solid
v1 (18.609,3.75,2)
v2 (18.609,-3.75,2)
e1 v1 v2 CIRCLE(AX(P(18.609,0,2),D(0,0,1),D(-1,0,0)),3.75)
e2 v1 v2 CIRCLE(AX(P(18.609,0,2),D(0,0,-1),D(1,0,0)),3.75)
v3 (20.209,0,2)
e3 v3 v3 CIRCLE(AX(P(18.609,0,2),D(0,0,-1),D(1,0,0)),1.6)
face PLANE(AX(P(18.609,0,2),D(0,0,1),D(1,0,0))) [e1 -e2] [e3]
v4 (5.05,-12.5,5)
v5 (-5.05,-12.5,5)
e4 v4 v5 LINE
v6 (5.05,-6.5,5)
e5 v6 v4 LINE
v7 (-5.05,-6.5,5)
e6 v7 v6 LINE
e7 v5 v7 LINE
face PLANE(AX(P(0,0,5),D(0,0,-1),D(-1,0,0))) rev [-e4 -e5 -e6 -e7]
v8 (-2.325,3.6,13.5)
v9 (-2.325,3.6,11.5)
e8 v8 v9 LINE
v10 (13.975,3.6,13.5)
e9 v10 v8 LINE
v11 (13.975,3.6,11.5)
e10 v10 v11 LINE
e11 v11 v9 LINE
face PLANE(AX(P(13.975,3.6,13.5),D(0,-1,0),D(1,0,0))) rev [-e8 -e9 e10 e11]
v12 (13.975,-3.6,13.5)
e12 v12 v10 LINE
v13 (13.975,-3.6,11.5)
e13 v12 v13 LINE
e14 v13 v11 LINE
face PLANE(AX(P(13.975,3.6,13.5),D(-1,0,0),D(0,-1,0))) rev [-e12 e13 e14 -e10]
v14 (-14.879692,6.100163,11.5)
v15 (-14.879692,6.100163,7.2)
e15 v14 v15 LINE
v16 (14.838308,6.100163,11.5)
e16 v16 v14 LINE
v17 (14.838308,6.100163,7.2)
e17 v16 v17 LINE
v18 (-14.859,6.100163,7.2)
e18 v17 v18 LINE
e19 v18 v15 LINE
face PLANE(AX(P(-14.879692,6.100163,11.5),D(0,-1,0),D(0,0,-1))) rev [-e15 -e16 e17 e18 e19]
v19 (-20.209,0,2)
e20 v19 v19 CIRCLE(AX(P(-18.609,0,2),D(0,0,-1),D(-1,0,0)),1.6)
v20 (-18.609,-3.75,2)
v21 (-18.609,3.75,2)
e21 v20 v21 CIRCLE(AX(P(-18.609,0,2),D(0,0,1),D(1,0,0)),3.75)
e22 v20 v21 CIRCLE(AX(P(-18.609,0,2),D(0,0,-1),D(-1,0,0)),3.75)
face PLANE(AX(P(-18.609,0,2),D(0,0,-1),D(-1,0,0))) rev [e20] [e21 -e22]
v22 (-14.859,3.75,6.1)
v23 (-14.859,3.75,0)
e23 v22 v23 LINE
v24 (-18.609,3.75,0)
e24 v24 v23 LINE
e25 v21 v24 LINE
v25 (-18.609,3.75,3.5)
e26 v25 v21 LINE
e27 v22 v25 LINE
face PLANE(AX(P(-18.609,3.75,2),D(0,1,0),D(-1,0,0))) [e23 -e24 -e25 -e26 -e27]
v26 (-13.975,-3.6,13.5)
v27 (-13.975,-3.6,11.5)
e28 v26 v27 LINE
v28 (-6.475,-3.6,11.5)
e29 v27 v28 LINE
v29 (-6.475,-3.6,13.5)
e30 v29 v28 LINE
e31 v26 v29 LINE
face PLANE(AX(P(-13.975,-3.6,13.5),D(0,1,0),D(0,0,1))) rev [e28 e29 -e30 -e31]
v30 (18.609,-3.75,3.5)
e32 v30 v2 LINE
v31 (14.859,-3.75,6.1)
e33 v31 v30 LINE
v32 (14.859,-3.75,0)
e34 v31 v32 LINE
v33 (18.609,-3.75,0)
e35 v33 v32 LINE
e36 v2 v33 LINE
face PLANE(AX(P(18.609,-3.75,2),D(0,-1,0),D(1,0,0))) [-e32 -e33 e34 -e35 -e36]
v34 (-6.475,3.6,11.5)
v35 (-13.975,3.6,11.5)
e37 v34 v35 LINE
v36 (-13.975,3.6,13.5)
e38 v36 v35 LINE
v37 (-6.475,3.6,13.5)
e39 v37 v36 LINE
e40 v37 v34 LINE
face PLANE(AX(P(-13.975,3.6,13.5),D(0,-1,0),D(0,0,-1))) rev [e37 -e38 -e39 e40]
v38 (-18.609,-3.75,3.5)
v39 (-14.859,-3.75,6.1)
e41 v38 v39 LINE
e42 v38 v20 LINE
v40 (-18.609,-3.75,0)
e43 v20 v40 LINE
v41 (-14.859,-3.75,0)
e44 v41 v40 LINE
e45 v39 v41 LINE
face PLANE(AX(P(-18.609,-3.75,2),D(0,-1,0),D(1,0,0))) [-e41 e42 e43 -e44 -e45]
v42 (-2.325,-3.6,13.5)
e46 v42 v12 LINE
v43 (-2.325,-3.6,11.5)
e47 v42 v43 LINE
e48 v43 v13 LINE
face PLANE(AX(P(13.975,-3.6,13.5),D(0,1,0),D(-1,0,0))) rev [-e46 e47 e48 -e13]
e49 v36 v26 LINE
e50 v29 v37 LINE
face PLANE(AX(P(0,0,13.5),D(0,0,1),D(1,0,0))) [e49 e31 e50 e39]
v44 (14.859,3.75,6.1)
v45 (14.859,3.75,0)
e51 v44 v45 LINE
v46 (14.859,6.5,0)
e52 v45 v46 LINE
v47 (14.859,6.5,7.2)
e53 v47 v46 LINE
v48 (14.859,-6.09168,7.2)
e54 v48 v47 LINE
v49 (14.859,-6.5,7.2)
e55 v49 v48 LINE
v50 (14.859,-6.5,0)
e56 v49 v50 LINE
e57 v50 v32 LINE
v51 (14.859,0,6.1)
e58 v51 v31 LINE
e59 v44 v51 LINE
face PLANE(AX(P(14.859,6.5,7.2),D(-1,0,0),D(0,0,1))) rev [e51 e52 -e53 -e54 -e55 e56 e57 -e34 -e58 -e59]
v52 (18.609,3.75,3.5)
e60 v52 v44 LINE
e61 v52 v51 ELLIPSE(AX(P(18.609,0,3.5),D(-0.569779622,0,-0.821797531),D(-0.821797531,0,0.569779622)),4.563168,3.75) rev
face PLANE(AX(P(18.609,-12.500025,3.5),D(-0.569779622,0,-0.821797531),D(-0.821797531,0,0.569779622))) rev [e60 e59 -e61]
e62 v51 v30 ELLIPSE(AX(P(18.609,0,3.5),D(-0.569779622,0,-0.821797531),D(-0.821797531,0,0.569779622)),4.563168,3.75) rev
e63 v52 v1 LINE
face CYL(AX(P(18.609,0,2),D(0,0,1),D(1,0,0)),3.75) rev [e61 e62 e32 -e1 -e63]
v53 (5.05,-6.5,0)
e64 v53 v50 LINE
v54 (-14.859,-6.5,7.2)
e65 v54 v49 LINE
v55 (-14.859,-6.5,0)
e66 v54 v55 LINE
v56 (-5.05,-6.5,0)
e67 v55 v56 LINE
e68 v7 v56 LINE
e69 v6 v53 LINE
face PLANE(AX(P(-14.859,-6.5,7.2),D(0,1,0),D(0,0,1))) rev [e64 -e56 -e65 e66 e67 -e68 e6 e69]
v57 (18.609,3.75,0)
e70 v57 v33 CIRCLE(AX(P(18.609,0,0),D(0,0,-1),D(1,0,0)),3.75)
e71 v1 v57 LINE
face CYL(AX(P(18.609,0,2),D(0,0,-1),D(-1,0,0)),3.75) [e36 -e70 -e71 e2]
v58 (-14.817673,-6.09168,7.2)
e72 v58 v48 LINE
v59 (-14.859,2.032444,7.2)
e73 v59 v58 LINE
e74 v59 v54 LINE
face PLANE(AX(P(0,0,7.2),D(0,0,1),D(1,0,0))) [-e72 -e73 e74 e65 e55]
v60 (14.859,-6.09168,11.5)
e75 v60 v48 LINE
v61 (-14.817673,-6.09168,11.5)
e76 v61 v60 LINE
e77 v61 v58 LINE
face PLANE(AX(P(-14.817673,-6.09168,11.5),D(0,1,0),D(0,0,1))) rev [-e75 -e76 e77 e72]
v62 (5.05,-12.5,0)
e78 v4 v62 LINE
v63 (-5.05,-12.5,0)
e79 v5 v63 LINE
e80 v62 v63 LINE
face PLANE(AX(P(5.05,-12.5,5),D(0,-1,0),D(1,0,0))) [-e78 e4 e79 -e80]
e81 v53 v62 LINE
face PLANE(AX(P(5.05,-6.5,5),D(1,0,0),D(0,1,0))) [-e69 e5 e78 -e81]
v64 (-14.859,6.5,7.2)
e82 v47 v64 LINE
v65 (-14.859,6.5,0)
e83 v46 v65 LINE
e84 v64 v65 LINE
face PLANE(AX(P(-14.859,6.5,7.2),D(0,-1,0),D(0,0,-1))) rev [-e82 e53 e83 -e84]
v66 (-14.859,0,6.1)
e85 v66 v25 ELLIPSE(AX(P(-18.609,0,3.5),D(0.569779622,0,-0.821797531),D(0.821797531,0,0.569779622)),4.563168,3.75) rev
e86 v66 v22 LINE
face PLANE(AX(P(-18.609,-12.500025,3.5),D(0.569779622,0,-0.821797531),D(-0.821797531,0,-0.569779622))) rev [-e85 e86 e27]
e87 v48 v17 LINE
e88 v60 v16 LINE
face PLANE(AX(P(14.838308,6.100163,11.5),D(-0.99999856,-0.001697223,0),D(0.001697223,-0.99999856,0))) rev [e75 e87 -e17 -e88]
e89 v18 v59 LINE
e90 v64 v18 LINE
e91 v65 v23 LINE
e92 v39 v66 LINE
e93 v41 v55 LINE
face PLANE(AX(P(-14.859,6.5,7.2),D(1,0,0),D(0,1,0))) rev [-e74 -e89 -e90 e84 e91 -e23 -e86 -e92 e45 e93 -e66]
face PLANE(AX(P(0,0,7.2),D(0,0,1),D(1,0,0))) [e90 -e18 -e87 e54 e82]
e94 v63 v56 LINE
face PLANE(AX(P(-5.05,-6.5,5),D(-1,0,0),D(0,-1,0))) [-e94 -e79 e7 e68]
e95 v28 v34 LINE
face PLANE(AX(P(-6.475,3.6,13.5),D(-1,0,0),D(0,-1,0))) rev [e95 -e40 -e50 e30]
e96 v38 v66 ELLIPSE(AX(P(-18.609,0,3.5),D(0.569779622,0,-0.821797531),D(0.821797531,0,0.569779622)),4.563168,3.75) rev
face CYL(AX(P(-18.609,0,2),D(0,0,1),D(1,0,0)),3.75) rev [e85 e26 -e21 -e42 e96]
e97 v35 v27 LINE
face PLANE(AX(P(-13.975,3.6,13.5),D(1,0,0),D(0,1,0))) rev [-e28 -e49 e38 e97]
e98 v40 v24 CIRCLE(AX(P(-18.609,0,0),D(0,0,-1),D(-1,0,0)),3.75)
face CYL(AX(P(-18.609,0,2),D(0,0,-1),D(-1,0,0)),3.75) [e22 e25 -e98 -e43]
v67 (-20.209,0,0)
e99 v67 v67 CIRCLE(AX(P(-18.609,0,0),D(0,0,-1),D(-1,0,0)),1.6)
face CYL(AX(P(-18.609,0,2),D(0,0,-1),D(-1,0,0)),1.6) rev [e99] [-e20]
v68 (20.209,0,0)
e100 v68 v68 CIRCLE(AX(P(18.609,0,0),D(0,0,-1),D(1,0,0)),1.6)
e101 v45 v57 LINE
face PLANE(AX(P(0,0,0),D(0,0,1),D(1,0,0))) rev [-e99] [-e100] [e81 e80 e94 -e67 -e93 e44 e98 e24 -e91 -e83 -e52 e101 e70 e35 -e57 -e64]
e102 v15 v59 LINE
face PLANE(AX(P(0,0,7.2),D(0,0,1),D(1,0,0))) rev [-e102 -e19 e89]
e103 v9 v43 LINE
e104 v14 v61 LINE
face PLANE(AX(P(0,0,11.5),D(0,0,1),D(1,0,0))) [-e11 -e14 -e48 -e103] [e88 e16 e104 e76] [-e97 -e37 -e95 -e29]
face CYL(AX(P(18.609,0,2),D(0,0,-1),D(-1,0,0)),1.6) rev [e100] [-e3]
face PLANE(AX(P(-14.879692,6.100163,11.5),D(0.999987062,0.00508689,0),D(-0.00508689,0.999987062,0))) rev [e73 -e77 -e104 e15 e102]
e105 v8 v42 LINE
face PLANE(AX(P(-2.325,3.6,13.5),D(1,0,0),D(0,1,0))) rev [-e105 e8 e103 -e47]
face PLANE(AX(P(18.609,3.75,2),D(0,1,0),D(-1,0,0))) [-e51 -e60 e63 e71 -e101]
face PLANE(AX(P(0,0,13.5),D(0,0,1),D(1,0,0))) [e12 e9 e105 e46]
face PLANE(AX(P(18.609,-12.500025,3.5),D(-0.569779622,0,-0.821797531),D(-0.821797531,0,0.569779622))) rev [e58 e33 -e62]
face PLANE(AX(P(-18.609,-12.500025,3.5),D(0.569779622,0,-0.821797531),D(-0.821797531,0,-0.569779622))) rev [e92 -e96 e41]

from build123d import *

# Parameters (mm, degrees)
SKETCH1_W           = 29.718
SKETCH1_H           = 13
BOSS_EXTRUDE1_DEPTH = 7.2
BOSS_EXTRUDE2_DEPTH = 4.3
SKETCH3_W           = 7.5
SKETCH3_H           = 7.2
SKETCH3_W_2         = 16.3
BOSS_EXTRUDE3_DEPTH = 2
SKETCH4_R           = 1.6
BOSS_EXTRUDE6_DEPTH = 2
SKETCH6_W           = 10.1
SKETCH6_H           = 6
BOSS_EXTRUDE7_DEPTH = 5
SKETCH7_W           = 3.75
SKETCH7_H           = 7.5
BOSS_EXTRUDE8_DEPTH = 4.1
CUT_EXTRUDE1_START  = -4.1
SKETCH8_R           = 3.75
CUT_EXTRUDE1_DEPTH  = 4.1
CUT_EXTRUDE2_DEPTH  = 31.760971717


with BuildPart() as part:
    # Sketch1 → Boss-Extrude1 (new body)
    with BuildSketch(Plane.XY):
        Rectangle(SKETCH1_W, SKETCH1_H)
    extrude(amount=BOSS_EXTRUDE1_DEPTH)

    # Sketch2 → Boss-Extrude2 (add)
    with BuildSketch(Plane.XY.offset(7.2)):
        Polygon((-14.879692304, 6.100162695), (14.838307696, 6.100162695), (14.859, -6.091679561), (-14.817672943, -6.091679561), align=None)
    extrude(amount=BOSS_EXTRUDE2_DEPTH)

    # Sketch3 → Boss-Extrude3 (add)
    with BuildSketch(Plane.XY.offset(11.5)):
        with Locations((-10.225, 0)):
            Rectangle(SKETCH3_W, SKETCH3_H)
        with Locations((5.825, 0)):
            Rectangle(SKETCH3_W_2, SKETCH3_H)
    extrude(amount=BOSS_EXTRUDE3_DEPTH)

    # Sketch4 → Boss-Extrude6 (add)
    # profile 1 of 2: a face of its own
    with BuildSketch(Plane(origin=(0, 0, 0), x_dir=(-1, 0, 0), z_dir=(0, 0, -1))):
        with BuildLine():
            Line((-14.859, 3.75), (-14.859, -3.75))
            Line((-14.859, -3.75), (-18.609, -3.75))
            ThreePointArc((-18.609, -3.75), (-22.359, 0), (-18.609, 3.75))
            Line((-18.609, 3.75), (-14.859, 3.75))
        make_face()
        with Locations(Location((-18.609, 0, 0), (0, 0, 180))):
            Circle(SKETCH4_R, mode=Mode.SUBTRACT)
    # profile 2 of 2: a face of its own
    with BuildSketch(Plane(origin=(0, 0, 0), x_dir=(-1, 0, 0), z_dir=(0, 0, -1))):
        with BuildLine():
            Line((18.609, 3.75), (14.859, 3.75))
            Line((14.859, 3.75), (14.859, -3.75))
            Line((14.859, -3.75), (18.609, -3.75))
            ThreePointArc((18.609, -3.75), (22.359, 0), (18.609, 3.75))
        make_face()
        with Locations((18.609, 0)):
            Circle(SKETCH4_R, mode=Mode.SUBTRACT)
    extrude(amount=-BOSS_EXTRUDE6_DEPTH)

    # Sketch6 → Boss-Extrude7 (add)
    with BuildSketch(Plane(origin=(0, 0, 0), x_dir=(-1, 0, 0), z_dir=(0, 0, -1))):
        with Locations((0, -9.5)):
            Rectangle(SKETCH6_W, SKETCH6_H)
    extrude(amount=-BOSS_EXTRUDE7_DEPTH)

    # Sketch7 → Boss-Extrude8 (add)
    with BuildSketch(Plane.XY.offset(2)):
        with Locations((-16.734, 0)):
            Rectangle(SKETCH7_W, SKETCH7_H)
        with Locations((16.734, 0)):
            Rectangle(SKETCH7_W, SKETCH7_H)
    extrude(amount=BOSS_EXTRUDE8_DEPTH)

    # Sketch8 → Cut-Extrude1 (cut)
    with BuildSketch(Plane.XY.offset(6.1).offset(CUT_EXTRUDE1_START)):
        with Locations((-18.609, 0)):
            Circle(SKETCH8_R)
        with Locations((18.609, 0)):
            Circle(SKETCH8_R)
    extrude(amount=CUT_EXTRUDE1_DEPTH, mode=Mode.SUBTRACT)

    # Sketch9 → Cut-Extrude2 (cut, through all)
    with BuildSketch(Plane(origin=(0, 3.75, 0), x_dir=(1, 0, 0), z_dir=(0, 1, 0))):
        Polygon((-18.609, -3.5), (-14.859, -6.1), (-18.609, -6.1), align=None)
        Polygon((18.609, -6.1), (18.609, -3.5), (14.859, -6.1), align=None)
    extrude(amount=-CUT_EXTRUDE2_DEPTH, mode=Mode.SUBTRACT)


solid = part.part
